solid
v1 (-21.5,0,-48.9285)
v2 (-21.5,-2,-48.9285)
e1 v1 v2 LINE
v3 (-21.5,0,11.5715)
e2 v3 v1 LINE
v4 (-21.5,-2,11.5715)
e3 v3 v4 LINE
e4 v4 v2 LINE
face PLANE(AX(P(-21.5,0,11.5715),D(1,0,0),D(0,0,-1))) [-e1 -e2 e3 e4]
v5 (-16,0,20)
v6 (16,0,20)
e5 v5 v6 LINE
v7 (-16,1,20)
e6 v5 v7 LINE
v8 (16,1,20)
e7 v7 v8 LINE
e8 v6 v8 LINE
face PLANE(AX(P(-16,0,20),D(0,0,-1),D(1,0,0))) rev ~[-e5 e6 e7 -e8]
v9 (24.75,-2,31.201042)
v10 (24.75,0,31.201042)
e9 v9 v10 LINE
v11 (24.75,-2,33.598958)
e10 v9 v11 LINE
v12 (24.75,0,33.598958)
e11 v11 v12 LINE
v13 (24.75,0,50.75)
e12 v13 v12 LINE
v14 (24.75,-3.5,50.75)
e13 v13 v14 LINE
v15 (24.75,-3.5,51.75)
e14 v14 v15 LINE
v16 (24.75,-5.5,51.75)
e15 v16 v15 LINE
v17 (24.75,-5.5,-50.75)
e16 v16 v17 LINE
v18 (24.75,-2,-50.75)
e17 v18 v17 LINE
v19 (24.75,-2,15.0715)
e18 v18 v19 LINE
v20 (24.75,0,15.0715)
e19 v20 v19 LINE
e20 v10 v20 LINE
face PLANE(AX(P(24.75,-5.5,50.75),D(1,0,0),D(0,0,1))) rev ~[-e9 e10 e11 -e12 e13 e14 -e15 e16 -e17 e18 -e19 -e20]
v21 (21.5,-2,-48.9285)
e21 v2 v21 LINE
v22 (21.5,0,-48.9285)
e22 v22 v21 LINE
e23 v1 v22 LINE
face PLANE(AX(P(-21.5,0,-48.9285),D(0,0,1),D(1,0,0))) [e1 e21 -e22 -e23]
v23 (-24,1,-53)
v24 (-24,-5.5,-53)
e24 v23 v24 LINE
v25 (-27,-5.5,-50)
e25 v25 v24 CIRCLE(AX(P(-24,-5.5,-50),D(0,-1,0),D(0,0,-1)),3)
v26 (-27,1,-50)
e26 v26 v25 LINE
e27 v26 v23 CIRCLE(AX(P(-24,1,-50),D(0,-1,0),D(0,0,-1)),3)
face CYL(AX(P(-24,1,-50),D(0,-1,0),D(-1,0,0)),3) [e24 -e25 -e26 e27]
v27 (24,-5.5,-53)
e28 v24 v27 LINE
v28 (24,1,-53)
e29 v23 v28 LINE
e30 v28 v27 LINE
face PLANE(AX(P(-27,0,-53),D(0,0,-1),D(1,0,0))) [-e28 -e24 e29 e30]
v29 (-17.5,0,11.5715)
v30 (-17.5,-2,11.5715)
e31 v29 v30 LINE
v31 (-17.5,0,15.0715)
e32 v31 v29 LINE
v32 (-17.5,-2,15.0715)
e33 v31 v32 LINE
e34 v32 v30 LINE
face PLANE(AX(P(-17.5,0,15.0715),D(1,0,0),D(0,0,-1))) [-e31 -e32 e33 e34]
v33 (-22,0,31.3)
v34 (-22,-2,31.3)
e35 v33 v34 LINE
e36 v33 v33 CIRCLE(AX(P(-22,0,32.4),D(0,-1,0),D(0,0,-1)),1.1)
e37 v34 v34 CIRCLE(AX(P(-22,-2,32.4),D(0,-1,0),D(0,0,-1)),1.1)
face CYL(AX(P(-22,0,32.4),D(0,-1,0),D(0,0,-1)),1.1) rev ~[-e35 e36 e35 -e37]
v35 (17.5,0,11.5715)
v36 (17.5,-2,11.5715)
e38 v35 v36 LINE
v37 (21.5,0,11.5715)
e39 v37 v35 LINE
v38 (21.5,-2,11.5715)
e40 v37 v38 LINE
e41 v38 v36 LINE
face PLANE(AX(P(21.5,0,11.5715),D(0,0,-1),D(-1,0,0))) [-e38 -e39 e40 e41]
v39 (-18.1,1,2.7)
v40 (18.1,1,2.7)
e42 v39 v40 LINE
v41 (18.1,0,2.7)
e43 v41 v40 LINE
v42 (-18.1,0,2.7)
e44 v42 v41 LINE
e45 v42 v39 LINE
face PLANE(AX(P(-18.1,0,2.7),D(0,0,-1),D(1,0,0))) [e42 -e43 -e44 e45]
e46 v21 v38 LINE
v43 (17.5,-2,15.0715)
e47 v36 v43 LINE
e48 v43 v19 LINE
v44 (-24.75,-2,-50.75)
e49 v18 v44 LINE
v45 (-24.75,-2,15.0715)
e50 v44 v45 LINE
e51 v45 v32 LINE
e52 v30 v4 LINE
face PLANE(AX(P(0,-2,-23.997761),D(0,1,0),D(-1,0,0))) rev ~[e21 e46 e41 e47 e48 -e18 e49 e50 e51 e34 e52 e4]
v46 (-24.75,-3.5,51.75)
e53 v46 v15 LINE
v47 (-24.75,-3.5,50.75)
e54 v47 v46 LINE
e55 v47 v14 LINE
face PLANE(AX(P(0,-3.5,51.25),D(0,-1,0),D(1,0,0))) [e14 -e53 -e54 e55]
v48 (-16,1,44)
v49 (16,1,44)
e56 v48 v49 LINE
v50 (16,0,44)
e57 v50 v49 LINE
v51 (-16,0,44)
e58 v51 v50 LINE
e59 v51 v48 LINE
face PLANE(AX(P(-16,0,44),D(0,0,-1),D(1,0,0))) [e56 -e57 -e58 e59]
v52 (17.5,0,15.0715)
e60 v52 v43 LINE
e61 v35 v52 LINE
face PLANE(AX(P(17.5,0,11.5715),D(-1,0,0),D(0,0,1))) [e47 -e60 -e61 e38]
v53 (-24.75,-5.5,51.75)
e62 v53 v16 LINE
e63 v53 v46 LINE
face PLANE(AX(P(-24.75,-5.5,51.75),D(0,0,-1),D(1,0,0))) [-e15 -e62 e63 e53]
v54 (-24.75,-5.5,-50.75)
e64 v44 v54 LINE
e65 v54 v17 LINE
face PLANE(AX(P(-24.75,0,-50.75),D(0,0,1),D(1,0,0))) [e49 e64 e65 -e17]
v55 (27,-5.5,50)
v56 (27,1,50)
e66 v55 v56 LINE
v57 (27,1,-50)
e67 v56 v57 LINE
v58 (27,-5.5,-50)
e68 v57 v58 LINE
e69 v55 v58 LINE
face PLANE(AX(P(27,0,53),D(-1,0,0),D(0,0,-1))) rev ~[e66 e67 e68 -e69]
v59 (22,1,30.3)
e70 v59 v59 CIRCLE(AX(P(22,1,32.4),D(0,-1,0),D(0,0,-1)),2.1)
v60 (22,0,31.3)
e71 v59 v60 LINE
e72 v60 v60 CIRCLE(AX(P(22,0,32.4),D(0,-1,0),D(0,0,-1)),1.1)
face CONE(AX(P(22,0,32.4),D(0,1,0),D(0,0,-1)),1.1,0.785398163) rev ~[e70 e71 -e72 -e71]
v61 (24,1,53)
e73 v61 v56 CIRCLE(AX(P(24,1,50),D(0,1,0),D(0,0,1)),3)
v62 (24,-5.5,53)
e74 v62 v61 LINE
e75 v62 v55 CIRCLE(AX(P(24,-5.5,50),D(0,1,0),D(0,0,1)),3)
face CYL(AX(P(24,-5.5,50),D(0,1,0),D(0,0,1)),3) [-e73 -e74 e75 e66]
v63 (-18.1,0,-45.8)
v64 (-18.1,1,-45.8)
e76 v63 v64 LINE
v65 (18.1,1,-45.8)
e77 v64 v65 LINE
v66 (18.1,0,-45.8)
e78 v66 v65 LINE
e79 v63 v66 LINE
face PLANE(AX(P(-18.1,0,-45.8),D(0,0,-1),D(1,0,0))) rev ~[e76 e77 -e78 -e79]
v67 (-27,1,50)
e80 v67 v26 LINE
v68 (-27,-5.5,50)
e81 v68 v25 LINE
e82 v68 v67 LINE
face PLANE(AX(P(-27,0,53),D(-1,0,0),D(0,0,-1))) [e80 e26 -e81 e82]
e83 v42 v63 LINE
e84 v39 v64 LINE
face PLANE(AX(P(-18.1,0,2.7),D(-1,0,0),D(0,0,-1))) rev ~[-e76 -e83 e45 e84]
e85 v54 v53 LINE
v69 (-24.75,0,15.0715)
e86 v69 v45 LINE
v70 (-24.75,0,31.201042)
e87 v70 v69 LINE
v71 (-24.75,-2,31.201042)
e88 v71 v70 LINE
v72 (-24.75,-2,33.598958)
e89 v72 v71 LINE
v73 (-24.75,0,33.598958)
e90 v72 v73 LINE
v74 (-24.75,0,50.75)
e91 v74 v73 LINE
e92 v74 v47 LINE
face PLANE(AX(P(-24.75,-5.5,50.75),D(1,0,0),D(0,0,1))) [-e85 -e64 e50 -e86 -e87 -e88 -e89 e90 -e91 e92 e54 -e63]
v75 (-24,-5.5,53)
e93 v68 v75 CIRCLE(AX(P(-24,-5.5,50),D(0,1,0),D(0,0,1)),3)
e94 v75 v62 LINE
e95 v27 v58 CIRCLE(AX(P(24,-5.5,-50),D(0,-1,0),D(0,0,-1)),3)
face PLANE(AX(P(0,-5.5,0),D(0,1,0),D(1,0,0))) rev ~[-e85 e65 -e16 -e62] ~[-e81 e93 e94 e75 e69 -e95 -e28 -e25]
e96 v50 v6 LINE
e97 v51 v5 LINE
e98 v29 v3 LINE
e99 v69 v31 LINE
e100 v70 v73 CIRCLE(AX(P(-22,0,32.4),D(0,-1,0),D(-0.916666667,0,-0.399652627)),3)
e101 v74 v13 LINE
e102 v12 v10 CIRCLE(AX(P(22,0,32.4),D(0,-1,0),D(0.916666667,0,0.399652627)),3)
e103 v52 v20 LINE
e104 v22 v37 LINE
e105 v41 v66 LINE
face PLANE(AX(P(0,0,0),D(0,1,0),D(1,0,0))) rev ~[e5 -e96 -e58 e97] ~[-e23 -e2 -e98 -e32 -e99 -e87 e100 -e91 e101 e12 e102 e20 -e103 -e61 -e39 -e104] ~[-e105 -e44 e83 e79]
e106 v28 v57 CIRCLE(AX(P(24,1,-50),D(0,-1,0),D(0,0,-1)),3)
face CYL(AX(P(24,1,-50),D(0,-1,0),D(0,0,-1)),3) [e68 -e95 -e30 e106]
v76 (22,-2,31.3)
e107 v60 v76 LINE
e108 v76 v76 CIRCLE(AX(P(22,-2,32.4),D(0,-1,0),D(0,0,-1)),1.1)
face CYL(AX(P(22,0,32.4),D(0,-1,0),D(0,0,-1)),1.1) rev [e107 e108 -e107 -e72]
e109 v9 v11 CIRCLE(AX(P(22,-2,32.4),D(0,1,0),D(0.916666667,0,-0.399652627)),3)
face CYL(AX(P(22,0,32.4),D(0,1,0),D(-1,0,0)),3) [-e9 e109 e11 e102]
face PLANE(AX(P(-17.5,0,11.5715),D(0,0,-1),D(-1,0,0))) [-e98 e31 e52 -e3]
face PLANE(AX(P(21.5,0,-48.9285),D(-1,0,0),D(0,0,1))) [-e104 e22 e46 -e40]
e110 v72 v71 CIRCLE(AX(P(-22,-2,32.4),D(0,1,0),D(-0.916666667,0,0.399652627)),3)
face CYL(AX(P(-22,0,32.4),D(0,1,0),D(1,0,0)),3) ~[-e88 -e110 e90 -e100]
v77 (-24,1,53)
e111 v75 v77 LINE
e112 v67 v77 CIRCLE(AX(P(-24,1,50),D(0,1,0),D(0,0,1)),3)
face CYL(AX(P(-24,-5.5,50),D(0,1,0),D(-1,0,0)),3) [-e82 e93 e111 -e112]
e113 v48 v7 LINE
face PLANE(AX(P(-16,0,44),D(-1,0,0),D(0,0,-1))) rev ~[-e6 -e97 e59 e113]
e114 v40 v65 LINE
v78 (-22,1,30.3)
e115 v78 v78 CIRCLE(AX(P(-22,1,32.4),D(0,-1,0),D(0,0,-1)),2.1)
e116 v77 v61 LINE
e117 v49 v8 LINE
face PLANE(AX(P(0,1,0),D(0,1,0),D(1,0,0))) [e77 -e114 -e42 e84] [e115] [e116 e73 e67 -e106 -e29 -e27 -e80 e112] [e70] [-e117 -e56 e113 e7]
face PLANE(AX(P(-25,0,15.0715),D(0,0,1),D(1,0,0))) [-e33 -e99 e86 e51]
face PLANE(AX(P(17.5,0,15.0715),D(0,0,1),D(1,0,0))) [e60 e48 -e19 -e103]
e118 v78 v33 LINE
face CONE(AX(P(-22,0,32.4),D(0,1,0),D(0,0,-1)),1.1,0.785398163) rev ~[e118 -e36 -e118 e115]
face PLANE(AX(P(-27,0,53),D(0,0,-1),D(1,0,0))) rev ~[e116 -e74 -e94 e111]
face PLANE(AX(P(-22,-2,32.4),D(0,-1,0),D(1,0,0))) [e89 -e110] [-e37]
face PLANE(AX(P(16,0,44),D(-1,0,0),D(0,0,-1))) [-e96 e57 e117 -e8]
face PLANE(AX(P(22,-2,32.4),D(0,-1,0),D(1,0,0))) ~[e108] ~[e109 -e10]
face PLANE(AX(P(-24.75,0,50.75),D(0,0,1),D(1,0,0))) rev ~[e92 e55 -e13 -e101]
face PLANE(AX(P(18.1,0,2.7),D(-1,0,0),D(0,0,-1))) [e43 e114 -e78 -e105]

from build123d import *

# Parameters (mm, degrees)
SKETCH1_W           = 54
SKETCH1_H           = 106
SKETCH1_W_2         = 49.5
SKETCH1_H_2         = 101.5
BOSS_EXTRUDE1_DEPTH = 5.5
SKETCH2_W           = 54
SKETCH2_H           = 106
SKETCH2_W_2         = 36.2
SKETCH2_H_2         = 48.5
SKETCH2_W_3         = 32
SKETCH2_H_3         = 24
BOSS_EXTRUDE2_DEPTH = 1
BOSS_EXTRUDE3_DEPTH = 2
SKETCH4_R           = 3
BOSS_EXTRUDE4_DEPTH = 2
SKETCH5_R           = 1.1
CUT_EXTRUDE1_DEPTH  = 60.73483071
FILLET1_R           = 3
CHAMFER1_SIZE       = 1
SKETCH6_W           = 49.5
SKETCH6_H           = 1
CUT_EXTRUDE2_DEPTH  = 2


with BuildPart() as part:
    # Sketch1 → Boss-Extrude1 (new body)
    with BuildSketch(Plane(origin=(0, 0, 0), x_dir=(1, 0, 0), z_dir=(0, 1, 0))):
        Rectangle(SKETCH1_W, SKETCH1_H)
        Rectangle(SKETCH1_W_2, SKETCH1_H_2, mode=Mode.SUBTRACT)
    extrude(amount=-BOSS_EXTRUDE1_DEPTH)

    # Sketch2 → Boss-Extrude2 (add)
    with BuildSketch(Plane(origin=(0, 0, 0), x_dir=(1, 0, 0), z_dir=(0, 1, 0))):
        Rectangle(SKETCH2_W, SKETCH2_H)
        with Locations((0, 21.55)):
            Rectangle(SKETCH2_W_2, SKETCH2_H_2, mode=Mode.SUBTRACT)
        with Locations((0, -32)):
            Rectangle(SKETCH2_W_3, SKETCH2_H_3, mode=Mode.SUBTRACT)
    extrude(amount=BOSS_EXTRUDE2_DEPTH)

    # Sketch3 → Boss-Extrude3 (add)
    with BuildSketch(Plane.XZ):
        Polygon((21.5, 11.5715), (17.5, 11.5715), (17.5, 15.0715), (25, 15.0715), (25, -52.4285), (-25, -52.4285), (-25, 15.0715), (-17.5, 15.0715), (-17.5, 11.5715), (-21.5, 11.5715), (-21.5, -48.9285), (21.5, -48.9285), align=None)
    extrude(amount=BOSS_EXTRUDE3_DEPTH)

    # Sketch4 → Boss-Extrude4 (add)
    with BuildSketch(Plane.XZ):
        with Locations((-22, 32.4)):
            Circle(SKETCH4_R)
    boss_extrude4 = extrude(amount=BOSS_EXTRUDE4_DEPTH)

    # Sketch5 → Cut-Extrude1 (cut, symmetric)
    with BuildSketch(Plane.XZ):
        with Locations(Location((-22, 32.4, 0), (0, 0, 270))):
            Circle(SKETCH5_R)
    cut_extrude1 = extrude(amount=CUT_EXTRUDE1_DEPTH, both=True, mode=Mode.SUBTRACT)

    # Mirror1: Boss-Extrude4, Cut-Extrude1 across plane
    add(boss_extrude4.mirror(Plane(origin=(0, 0, 0), x_dir=(0, 0, 1), z_dir=(1, 0, 0))))
    add(cut_extrude1.mirror(Plane(origin=(0, 0, 0), x_dir=(0, 0, 1), z_dir=(1, 0, 0))), mode=Mode.SUBTRACT)

    # Fillet1
    fillet1_edges = [part.edges().sort_by_distance(p)[0] for p in [
        (-27, -2.25, -53),
        (27, -2.25, -53),
        (27, -2.25, 53),
        (-27, -2.25, 53),
    ]]
    fillet(fillet1_edges, radius=FILLET1_R)

    # Chamfer1
    chamfer1_edges = [part.edges().sort_by_distance(p)[0] for p in [
        (-22, 1, 33.5),
        (22, 1, 33.5),
    ]]
    chamfer(chamfer1_edges, length=CHAMFER1_SIZE)

    # Sketch6 → Cut-Extrude2 (cut)
    with BuildSketch(Plane.XZ.offset(5.5)):
        with Locations((0, 51.25)):
            Rectangle(SKETCH6_W, SKETCH6_H)
    extrude(amount=-CUT_EXTRUDE2_DEPTH, mode=Mode.SUBTRACT)


solid = part.part
